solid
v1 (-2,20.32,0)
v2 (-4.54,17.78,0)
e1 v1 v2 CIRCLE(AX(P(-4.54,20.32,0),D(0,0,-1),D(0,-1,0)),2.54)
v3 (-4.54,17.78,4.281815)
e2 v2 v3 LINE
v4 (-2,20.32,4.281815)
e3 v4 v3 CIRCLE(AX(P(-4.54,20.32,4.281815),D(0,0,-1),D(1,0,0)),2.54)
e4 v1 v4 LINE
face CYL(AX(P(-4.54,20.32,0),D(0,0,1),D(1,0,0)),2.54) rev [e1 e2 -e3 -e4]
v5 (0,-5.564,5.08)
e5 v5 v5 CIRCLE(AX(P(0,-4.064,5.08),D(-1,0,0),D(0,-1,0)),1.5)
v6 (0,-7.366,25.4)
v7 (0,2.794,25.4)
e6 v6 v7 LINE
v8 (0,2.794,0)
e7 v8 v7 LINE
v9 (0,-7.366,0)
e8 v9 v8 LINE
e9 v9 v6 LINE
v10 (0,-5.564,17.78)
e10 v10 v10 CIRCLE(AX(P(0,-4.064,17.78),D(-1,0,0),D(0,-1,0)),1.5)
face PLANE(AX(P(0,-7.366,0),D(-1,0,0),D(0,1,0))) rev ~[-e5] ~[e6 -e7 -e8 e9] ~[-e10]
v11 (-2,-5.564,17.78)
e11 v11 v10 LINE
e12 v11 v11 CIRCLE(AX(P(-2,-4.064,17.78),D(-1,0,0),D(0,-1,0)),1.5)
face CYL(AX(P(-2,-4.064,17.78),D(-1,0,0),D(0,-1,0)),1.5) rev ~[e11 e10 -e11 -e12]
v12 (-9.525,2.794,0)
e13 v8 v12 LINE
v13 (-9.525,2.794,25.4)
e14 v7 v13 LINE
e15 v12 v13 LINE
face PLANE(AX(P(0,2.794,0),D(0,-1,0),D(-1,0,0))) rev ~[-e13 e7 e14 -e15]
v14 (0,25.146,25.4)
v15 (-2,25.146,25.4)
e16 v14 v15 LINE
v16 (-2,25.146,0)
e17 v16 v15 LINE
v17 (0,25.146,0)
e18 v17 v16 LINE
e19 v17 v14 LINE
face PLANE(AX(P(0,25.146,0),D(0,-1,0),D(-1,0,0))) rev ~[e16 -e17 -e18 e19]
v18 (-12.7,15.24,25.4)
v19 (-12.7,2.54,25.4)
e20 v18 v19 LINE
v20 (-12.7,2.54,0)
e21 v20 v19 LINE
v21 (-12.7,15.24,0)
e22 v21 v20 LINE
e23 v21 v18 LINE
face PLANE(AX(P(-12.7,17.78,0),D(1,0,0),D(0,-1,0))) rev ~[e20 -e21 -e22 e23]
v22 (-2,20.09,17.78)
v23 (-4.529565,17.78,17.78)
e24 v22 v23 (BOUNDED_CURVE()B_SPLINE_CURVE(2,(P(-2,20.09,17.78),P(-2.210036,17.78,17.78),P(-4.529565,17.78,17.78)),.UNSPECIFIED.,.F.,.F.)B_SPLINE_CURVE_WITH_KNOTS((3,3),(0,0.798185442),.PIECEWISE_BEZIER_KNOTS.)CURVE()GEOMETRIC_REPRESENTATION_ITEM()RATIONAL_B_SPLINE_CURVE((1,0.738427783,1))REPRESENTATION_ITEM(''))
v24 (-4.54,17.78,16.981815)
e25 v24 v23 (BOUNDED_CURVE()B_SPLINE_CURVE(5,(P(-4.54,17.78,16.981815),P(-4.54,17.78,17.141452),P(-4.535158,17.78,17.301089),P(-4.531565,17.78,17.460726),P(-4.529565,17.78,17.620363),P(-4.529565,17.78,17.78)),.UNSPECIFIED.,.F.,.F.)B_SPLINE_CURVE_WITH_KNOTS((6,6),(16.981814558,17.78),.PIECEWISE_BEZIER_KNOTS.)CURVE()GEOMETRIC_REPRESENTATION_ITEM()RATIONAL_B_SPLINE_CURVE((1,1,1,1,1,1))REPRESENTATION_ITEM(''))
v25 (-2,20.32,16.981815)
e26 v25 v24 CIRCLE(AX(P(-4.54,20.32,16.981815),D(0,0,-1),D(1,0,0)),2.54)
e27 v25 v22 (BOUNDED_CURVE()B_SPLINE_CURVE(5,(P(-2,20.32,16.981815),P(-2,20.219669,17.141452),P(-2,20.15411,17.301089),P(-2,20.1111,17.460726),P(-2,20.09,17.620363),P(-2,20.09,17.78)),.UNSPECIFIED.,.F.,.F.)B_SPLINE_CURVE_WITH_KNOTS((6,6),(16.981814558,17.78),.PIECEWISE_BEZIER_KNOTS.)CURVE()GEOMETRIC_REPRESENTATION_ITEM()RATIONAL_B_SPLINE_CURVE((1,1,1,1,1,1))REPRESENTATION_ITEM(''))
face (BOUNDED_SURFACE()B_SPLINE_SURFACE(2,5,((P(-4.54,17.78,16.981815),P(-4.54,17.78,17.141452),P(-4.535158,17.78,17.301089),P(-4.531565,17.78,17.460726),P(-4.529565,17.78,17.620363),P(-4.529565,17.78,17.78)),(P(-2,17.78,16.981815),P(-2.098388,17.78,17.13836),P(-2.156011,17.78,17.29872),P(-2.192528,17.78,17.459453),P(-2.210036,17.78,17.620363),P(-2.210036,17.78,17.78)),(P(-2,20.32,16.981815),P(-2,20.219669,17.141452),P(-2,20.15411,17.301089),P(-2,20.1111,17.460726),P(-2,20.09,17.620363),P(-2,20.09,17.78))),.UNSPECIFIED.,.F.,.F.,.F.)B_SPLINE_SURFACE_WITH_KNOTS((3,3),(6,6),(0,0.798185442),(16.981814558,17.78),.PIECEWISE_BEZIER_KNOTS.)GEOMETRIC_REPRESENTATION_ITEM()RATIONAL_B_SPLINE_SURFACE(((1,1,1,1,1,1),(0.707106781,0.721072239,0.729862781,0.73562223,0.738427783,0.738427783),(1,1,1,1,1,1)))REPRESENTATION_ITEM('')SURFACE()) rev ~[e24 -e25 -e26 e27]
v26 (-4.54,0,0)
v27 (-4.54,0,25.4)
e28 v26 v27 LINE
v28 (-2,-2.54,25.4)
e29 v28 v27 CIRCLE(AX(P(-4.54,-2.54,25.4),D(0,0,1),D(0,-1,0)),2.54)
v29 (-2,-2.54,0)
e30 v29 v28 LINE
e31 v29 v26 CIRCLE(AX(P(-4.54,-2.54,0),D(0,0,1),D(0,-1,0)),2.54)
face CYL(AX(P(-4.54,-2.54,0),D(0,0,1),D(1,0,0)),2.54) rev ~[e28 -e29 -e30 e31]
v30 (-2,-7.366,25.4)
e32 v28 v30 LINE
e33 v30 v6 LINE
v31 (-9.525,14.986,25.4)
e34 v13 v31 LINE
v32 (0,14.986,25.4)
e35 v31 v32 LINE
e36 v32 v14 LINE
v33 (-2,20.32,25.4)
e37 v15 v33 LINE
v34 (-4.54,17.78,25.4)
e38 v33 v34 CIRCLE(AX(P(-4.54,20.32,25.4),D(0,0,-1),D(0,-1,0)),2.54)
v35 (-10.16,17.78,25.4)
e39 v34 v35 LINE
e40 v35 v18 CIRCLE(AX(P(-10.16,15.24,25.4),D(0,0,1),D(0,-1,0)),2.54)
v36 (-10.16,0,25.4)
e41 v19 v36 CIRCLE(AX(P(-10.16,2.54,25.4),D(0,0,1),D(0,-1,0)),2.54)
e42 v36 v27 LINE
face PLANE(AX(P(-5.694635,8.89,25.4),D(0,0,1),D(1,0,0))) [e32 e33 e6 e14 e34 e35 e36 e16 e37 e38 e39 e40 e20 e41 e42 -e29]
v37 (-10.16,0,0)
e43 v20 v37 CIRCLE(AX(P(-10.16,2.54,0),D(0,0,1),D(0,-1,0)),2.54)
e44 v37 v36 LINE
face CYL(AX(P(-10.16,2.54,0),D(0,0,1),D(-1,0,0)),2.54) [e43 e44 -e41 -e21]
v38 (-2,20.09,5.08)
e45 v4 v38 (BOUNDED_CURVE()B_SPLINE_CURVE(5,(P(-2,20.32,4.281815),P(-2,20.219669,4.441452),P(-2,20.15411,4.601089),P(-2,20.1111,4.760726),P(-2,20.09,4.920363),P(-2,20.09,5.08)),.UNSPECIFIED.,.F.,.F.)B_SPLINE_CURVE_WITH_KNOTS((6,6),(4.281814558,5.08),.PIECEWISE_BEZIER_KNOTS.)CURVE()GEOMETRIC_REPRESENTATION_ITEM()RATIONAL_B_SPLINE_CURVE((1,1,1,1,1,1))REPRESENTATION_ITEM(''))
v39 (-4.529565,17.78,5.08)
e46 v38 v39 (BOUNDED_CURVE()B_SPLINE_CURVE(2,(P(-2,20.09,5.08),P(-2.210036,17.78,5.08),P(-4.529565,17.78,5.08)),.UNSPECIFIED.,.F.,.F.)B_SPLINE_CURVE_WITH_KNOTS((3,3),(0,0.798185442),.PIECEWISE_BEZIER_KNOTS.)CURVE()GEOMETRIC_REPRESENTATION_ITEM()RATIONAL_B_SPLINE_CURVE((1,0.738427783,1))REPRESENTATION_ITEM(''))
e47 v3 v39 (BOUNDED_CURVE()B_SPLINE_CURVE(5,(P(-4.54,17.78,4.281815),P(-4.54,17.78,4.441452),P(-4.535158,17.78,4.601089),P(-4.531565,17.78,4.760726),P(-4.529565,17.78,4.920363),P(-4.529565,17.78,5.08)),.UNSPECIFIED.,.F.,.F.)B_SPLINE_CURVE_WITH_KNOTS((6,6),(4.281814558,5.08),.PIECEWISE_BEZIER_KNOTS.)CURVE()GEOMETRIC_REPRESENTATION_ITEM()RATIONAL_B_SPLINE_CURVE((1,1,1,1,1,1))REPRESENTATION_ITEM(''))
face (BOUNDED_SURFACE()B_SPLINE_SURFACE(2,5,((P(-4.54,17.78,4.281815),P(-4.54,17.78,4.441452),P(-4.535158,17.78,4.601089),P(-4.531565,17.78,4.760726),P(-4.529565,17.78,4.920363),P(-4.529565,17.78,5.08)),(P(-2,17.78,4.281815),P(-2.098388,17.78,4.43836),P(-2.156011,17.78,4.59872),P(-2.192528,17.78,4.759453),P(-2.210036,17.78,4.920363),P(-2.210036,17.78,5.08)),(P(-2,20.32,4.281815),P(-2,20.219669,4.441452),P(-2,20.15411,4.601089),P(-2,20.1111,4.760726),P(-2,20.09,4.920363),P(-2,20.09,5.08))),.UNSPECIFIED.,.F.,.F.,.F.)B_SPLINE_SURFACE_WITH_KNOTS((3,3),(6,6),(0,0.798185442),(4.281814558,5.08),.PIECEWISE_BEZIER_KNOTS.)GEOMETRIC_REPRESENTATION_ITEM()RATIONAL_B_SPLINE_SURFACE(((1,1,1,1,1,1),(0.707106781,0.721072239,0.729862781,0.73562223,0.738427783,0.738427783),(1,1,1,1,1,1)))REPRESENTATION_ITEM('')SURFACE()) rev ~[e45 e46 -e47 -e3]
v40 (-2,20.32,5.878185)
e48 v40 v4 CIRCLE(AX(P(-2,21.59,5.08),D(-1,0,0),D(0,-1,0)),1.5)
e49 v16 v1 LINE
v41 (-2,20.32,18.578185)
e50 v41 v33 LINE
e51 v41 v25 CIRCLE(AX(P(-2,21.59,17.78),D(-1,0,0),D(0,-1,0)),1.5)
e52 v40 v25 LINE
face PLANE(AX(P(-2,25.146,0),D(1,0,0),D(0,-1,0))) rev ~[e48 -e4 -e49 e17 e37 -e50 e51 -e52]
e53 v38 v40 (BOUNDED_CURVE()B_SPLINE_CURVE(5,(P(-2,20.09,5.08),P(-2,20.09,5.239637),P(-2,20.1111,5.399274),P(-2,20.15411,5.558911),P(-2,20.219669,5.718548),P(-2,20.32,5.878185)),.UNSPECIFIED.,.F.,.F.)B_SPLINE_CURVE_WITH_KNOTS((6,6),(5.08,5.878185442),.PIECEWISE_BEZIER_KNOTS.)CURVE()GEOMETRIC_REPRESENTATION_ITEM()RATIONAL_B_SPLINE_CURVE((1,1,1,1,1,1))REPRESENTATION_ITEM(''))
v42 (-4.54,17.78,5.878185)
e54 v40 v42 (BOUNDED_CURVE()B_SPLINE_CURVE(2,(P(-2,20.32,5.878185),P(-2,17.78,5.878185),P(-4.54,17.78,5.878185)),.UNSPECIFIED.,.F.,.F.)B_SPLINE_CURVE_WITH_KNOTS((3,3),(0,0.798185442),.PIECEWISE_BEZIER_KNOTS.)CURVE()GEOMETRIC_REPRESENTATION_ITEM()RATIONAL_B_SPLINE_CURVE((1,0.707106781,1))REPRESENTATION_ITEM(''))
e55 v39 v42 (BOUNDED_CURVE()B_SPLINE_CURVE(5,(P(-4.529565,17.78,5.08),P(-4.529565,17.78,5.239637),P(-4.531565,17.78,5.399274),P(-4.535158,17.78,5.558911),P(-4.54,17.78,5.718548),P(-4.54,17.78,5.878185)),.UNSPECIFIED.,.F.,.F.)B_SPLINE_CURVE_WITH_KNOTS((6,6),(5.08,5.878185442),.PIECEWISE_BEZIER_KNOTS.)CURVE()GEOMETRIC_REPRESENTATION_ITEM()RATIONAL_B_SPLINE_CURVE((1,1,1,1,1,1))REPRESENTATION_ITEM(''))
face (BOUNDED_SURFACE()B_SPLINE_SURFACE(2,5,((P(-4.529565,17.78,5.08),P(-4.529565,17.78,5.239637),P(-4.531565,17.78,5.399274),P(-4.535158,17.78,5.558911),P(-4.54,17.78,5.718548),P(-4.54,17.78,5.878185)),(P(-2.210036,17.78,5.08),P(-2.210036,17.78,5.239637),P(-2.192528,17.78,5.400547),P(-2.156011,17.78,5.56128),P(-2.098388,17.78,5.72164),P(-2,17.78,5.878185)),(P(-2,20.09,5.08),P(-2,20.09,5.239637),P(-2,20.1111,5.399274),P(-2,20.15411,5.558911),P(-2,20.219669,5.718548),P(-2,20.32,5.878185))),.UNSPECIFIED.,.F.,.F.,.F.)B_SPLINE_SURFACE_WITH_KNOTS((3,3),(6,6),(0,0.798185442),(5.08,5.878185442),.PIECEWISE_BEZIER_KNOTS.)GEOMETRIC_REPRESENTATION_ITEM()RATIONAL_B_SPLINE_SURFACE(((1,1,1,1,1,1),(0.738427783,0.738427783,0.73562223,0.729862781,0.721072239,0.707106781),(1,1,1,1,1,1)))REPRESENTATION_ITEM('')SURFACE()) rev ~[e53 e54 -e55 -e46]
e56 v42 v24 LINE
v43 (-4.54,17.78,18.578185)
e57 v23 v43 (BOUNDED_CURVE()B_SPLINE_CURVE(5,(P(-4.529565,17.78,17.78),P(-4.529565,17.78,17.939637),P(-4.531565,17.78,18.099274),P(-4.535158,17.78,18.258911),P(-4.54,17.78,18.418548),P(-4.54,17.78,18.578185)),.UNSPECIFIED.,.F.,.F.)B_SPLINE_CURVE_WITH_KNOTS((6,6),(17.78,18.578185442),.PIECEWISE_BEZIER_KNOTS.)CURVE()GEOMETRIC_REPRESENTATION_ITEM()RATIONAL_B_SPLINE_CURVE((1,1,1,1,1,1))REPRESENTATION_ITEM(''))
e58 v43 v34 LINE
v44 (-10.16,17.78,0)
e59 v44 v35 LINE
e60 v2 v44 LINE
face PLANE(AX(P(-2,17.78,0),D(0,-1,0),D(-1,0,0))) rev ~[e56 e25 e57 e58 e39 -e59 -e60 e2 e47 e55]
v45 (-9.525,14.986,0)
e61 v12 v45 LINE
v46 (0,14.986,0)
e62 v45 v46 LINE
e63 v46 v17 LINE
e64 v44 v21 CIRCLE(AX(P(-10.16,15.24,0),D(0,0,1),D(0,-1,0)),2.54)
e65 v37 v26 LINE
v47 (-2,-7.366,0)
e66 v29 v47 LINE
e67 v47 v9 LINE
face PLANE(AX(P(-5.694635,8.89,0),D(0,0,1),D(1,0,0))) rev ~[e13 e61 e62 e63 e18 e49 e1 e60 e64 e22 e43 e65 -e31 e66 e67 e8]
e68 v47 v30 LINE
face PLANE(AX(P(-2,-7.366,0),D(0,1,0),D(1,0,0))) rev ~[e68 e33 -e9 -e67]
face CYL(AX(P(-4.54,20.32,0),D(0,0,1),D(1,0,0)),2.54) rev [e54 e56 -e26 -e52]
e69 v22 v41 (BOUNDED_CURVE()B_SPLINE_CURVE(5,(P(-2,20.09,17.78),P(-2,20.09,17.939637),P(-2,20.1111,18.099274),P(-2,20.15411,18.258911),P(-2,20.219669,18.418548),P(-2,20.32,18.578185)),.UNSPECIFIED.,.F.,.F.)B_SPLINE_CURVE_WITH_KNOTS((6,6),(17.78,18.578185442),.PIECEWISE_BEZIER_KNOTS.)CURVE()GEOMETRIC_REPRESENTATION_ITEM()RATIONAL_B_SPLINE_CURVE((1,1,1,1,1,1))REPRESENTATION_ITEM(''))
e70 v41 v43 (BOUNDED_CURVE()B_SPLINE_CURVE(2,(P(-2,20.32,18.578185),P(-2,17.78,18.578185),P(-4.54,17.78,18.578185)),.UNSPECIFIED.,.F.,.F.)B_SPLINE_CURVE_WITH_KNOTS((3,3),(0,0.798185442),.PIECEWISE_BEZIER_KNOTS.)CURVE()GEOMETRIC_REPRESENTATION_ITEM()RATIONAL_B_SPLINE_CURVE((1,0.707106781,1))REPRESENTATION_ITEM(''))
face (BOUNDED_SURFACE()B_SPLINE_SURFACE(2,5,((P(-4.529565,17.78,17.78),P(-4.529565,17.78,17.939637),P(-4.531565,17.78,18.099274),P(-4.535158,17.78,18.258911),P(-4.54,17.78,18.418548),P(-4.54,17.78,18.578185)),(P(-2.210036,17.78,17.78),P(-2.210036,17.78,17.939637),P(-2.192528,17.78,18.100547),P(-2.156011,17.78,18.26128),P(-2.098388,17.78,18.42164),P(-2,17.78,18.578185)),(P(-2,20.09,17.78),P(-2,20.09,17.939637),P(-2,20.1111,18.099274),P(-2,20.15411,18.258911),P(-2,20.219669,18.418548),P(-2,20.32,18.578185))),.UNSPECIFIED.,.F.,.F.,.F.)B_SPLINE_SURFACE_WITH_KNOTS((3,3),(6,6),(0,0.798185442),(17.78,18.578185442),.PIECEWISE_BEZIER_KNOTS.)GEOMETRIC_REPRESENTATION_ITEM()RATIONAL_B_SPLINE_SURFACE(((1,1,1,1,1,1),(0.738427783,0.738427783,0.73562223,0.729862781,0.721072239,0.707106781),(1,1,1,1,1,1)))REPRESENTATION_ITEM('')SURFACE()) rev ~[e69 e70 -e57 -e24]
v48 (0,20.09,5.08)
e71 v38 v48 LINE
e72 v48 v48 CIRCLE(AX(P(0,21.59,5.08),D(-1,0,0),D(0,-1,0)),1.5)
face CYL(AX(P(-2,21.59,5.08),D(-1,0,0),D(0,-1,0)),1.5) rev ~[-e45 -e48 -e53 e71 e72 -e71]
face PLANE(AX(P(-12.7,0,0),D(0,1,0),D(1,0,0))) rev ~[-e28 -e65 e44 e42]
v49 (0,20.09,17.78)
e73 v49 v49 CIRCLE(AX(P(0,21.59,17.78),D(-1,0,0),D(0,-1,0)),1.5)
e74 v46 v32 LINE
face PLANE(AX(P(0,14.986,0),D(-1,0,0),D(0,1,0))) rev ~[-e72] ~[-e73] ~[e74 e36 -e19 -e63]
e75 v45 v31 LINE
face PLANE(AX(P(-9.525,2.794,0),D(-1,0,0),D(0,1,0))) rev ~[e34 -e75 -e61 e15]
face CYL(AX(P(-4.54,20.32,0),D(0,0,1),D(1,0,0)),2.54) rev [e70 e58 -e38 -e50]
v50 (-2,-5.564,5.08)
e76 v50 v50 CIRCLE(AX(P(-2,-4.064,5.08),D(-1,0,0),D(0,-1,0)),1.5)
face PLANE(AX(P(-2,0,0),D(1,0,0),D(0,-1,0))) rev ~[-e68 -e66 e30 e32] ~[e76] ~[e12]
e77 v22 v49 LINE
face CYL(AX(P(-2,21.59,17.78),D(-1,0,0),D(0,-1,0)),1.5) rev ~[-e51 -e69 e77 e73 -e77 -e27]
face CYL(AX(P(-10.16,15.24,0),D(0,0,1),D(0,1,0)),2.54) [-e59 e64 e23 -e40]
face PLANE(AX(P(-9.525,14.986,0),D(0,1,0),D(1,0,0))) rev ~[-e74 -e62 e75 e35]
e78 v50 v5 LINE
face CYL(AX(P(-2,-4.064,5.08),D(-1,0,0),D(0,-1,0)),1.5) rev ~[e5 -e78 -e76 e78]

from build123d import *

# Parameters (mm, degrees)
F1_DEPTH = 25.4
F2_R     = 1.5
F3_R     = 1.5
F4_DEPTH = 25.4
F5_R     = 2.54
F6_R     = 2.54


with BuildPart() as f1:
    # F0 (on Top) → F1 (new body)
    with BuildSketch(Plane.XY):
        Polygon((-2, -7.366), (0, -7.366), (0, 2.794), (-9.525, 2.794), (-9.525, 14.986), (0, 14.986), (0, 25.146), (-2, 25.146), (-2, 17.78), (-12.7, 17.78), (-12.7, 0), (-2, 0), align=None)
    extrude(amount=F1_DEPTH)

    # F2 (on face) + F3 (on face) → F4 (cut)
    with BuildSketch(Plane(origin=(-2, 0, 0), x_dir=(0, -1, 0), z_dir=(-1, 0, 0))):
        with Locations((4.064, 5.08)):
            Circle(F2_R)
        with Locations((4.064, 17.78)):
            Circle(F2_R)
    with BuildSketch(Plane(origin=(-2, 0, 0), x_dir=(0, -1, 0), z_dir=(-1, 0, 0))):
        with Locations((-21.59, 5.08)):
            Circle(F3_R)
        with Locations((-21.59, 17.78)):
            Circle(F3_R)
    extrude(amount=-F4_DEPTH, mode=Mode.SUBTRACT)

    # F5
    f5_edges = [f1.edges().sort_by_distance(p)[0] for p in [
        (-2, 17.78, 12.7),
        (-2, 0, 12.7),
    ]]
    fillet(f5_edges, radius=F5_R)

    # F6
    f6_edges = [f1.edges().sort_by_distance(p)[0] for p in [
        (-12.7, 0, 12.7),
        (-12.7, 17.78, 12.7),
    ]]
    fillet(f6_edges, radius=F6_R)


solid = f1.part
